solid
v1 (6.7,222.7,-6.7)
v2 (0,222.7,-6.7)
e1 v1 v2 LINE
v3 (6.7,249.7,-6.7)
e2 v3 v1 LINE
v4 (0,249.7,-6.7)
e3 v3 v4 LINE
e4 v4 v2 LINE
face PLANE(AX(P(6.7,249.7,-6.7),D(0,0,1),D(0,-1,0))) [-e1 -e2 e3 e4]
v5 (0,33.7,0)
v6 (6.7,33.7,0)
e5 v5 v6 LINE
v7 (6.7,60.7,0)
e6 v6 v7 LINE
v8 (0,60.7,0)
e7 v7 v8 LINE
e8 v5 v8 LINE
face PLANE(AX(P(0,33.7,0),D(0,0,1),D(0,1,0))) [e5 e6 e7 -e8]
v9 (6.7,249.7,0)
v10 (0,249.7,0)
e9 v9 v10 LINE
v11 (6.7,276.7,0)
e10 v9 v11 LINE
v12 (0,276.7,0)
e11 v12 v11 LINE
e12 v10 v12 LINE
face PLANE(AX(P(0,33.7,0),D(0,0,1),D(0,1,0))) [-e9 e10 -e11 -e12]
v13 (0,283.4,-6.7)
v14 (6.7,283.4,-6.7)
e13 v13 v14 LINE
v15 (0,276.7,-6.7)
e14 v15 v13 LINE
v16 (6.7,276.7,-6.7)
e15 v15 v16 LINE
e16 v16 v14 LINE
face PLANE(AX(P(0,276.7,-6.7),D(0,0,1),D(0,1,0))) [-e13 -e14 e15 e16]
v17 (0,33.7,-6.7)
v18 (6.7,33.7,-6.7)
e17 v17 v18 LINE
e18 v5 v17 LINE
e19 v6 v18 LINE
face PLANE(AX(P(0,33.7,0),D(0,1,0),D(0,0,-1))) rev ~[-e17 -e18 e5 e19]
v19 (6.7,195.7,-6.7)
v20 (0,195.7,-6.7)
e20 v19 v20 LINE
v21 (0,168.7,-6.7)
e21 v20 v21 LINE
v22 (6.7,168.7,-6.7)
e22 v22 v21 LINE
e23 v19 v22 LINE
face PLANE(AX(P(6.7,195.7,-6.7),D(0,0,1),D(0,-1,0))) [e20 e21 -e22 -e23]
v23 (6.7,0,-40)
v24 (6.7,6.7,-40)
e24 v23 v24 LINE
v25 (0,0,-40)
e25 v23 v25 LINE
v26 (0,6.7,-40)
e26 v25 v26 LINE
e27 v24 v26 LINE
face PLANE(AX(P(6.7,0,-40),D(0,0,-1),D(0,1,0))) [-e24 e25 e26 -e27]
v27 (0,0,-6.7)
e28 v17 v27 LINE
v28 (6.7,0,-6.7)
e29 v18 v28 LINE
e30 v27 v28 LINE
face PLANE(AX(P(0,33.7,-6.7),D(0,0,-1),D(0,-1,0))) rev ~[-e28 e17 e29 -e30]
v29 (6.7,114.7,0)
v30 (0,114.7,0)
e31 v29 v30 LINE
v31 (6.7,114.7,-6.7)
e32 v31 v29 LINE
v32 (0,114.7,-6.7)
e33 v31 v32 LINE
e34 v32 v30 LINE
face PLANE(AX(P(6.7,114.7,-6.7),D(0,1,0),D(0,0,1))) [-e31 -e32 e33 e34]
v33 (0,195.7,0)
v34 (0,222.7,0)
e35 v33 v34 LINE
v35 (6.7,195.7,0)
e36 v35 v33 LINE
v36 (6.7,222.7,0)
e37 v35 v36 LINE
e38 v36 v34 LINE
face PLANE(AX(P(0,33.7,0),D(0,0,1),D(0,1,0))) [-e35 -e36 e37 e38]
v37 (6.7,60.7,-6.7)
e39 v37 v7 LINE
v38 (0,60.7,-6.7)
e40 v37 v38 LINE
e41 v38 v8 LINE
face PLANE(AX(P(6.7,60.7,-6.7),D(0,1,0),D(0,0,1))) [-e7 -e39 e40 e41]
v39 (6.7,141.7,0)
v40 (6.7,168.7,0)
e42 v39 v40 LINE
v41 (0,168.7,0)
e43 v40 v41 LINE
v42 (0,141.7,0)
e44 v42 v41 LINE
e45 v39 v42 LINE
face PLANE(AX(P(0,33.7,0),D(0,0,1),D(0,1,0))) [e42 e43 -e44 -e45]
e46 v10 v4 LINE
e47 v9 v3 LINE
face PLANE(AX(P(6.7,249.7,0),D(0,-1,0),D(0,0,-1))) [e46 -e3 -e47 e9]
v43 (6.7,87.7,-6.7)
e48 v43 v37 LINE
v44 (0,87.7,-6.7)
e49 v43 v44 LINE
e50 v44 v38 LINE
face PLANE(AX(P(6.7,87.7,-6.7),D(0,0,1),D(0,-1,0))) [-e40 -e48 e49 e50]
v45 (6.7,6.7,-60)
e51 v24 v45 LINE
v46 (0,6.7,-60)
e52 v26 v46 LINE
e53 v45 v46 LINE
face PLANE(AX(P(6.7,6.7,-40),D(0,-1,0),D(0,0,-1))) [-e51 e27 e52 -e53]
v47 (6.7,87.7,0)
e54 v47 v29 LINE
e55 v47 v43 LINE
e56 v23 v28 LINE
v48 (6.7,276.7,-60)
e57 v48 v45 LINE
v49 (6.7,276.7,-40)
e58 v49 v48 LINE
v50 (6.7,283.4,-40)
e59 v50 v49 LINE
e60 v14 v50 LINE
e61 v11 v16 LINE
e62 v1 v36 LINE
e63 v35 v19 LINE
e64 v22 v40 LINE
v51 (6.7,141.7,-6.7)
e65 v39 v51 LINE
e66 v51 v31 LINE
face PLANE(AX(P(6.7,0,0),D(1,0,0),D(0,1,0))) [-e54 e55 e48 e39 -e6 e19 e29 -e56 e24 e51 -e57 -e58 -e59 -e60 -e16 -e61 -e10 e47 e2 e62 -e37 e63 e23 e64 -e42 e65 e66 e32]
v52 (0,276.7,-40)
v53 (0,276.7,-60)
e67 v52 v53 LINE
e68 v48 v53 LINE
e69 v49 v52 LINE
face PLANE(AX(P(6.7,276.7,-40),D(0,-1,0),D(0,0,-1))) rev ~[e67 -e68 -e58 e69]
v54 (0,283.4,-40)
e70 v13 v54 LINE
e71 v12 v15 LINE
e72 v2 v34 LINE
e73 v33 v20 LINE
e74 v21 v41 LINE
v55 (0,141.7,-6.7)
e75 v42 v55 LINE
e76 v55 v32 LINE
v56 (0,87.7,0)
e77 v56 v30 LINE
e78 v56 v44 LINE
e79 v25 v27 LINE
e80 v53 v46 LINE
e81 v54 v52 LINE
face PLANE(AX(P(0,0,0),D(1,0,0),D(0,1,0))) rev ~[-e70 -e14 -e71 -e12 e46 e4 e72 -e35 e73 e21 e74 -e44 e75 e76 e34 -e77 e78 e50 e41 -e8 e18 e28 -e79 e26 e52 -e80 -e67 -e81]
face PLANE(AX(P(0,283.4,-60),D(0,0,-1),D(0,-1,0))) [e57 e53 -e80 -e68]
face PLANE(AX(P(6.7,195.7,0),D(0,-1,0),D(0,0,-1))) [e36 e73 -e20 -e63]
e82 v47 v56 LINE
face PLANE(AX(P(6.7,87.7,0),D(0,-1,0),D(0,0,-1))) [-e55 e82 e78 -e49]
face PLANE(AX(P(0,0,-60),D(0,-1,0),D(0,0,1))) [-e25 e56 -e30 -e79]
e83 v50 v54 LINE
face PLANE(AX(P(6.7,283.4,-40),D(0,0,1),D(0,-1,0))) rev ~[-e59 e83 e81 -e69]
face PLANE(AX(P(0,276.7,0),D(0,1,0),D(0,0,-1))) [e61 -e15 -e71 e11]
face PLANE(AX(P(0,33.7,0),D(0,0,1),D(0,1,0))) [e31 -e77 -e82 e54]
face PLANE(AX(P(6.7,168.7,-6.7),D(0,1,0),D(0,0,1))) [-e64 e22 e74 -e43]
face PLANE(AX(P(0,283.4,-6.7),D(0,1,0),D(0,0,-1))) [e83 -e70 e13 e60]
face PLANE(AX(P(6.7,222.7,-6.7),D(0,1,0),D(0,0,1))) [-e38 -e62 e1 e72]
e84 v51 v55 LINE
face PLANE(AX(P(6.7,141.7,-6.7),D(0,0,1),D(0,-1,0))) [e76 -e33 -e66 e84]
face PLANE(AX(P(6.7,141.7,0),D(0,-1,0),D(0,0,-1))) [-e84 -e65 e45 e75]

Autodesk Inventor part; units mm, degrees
ref_plane "YZ Plane" through (0, 0, 0) normal (1, 0, 0) x (0, 1, 0)
ref_plane "XZ Plane" through (0, 0, 0) normal (0, 1, 0) x (-1, 0, 0)
ref_plane "XY Plane" through (0, 0, 0) normal (0, 0, 1) x (1, 0, 0)
sketch "Sketch1" plane through (0, 0, 0) normal (1, 0, 0) x (0, 1, 0)
  line L0 (33.7, 0) -> (276.7, 0)
  line L1 (283.4, -6.7) -> (283.4, -60)
  line L2 (283.4, -60) -> (0, -60)
  line L3 (0, -60) -> (0, -6.7)
  line L4 (276.7, 0) -> (276.7, -6.7)
  line L5 (276.7, -6.7) -> (283.4, -6.7)
  line L6 (33.7, 0) -> (33.7, -6.7)
  line L7 (33.7, -6.7) -> (0, -6.7)
  point P0 (0, 0)
  dimension "d0" = 283.4
  dimension "d2" = 6.7
  dimension "d3" = 6.7
  dimension "d4" = 33.7
  dimension "d5" = 6.7
extrude "Extrusion1" add sketch "Sketch1" along normal blind 6.7
sketch "Sketch2" plane through (6.7, 0, 0) normal (1, 0, 0) x (0, 0, -1)
  line L0 (6.7, 276.7) -> (0, 276.7) projected
  line L1 (0, 276.7) -> (0, 249.7)
  line L2 (0, 276.7) -> (0, 33.7) projected
  line L3 (0, 249.7) -> (6.7, 249.7)
  line L4 (6.7, 249.7) -> (6.7, 222.7)
  line L5 (6.7, 222.7) -> (0, 222.7)
  line L6 (0, 222.7) -> (0, 249.7)
  point P0 (0, 0)
  dimension "d8" = 27
  dimension "d9" = 6.7
  dimension "d10" = 27
extrude "Extrusion2" cut sketch "Sketch2" against normal blind 6.7
pattern_linear "Rectangular Pattern1" count 4 spacing 54 along (0, -1, 0) of "Extrusion2"
sketch "Sketch3" plane through (6.7, 0, 0) normal (1, 0, 0) x (0, 0, -1)
  line L0 (60, 0) -> (60, 283.4) projected
  line L1 (60, 283.4) -> (40, 283.4)
  line L2 (40, 283.4) -> (40, 276.7)
  line L3 (40, 276.7) -> (60, 276.7)
  line L4 (60, 276.7) -> (60, 283.4)
  line L5 (60, 0) -> (40, 0)
  line L6 (40, 0) -> (40, 6.7)
  line L7 (40, 6.7) -> (60, 6.7)
  line L8 (60, 6.7) -> (60, 0)
  point P0 (0, 0)
  dimension "d16" = 20
  dimension "d17" = 20
  dimension "d18" = 6.7
  dimension "d19" = 6.7
extrude "Extrusion3" cut sketch "Sketch3" against normal blind 6.7
properties part number "b_base_support 2"
